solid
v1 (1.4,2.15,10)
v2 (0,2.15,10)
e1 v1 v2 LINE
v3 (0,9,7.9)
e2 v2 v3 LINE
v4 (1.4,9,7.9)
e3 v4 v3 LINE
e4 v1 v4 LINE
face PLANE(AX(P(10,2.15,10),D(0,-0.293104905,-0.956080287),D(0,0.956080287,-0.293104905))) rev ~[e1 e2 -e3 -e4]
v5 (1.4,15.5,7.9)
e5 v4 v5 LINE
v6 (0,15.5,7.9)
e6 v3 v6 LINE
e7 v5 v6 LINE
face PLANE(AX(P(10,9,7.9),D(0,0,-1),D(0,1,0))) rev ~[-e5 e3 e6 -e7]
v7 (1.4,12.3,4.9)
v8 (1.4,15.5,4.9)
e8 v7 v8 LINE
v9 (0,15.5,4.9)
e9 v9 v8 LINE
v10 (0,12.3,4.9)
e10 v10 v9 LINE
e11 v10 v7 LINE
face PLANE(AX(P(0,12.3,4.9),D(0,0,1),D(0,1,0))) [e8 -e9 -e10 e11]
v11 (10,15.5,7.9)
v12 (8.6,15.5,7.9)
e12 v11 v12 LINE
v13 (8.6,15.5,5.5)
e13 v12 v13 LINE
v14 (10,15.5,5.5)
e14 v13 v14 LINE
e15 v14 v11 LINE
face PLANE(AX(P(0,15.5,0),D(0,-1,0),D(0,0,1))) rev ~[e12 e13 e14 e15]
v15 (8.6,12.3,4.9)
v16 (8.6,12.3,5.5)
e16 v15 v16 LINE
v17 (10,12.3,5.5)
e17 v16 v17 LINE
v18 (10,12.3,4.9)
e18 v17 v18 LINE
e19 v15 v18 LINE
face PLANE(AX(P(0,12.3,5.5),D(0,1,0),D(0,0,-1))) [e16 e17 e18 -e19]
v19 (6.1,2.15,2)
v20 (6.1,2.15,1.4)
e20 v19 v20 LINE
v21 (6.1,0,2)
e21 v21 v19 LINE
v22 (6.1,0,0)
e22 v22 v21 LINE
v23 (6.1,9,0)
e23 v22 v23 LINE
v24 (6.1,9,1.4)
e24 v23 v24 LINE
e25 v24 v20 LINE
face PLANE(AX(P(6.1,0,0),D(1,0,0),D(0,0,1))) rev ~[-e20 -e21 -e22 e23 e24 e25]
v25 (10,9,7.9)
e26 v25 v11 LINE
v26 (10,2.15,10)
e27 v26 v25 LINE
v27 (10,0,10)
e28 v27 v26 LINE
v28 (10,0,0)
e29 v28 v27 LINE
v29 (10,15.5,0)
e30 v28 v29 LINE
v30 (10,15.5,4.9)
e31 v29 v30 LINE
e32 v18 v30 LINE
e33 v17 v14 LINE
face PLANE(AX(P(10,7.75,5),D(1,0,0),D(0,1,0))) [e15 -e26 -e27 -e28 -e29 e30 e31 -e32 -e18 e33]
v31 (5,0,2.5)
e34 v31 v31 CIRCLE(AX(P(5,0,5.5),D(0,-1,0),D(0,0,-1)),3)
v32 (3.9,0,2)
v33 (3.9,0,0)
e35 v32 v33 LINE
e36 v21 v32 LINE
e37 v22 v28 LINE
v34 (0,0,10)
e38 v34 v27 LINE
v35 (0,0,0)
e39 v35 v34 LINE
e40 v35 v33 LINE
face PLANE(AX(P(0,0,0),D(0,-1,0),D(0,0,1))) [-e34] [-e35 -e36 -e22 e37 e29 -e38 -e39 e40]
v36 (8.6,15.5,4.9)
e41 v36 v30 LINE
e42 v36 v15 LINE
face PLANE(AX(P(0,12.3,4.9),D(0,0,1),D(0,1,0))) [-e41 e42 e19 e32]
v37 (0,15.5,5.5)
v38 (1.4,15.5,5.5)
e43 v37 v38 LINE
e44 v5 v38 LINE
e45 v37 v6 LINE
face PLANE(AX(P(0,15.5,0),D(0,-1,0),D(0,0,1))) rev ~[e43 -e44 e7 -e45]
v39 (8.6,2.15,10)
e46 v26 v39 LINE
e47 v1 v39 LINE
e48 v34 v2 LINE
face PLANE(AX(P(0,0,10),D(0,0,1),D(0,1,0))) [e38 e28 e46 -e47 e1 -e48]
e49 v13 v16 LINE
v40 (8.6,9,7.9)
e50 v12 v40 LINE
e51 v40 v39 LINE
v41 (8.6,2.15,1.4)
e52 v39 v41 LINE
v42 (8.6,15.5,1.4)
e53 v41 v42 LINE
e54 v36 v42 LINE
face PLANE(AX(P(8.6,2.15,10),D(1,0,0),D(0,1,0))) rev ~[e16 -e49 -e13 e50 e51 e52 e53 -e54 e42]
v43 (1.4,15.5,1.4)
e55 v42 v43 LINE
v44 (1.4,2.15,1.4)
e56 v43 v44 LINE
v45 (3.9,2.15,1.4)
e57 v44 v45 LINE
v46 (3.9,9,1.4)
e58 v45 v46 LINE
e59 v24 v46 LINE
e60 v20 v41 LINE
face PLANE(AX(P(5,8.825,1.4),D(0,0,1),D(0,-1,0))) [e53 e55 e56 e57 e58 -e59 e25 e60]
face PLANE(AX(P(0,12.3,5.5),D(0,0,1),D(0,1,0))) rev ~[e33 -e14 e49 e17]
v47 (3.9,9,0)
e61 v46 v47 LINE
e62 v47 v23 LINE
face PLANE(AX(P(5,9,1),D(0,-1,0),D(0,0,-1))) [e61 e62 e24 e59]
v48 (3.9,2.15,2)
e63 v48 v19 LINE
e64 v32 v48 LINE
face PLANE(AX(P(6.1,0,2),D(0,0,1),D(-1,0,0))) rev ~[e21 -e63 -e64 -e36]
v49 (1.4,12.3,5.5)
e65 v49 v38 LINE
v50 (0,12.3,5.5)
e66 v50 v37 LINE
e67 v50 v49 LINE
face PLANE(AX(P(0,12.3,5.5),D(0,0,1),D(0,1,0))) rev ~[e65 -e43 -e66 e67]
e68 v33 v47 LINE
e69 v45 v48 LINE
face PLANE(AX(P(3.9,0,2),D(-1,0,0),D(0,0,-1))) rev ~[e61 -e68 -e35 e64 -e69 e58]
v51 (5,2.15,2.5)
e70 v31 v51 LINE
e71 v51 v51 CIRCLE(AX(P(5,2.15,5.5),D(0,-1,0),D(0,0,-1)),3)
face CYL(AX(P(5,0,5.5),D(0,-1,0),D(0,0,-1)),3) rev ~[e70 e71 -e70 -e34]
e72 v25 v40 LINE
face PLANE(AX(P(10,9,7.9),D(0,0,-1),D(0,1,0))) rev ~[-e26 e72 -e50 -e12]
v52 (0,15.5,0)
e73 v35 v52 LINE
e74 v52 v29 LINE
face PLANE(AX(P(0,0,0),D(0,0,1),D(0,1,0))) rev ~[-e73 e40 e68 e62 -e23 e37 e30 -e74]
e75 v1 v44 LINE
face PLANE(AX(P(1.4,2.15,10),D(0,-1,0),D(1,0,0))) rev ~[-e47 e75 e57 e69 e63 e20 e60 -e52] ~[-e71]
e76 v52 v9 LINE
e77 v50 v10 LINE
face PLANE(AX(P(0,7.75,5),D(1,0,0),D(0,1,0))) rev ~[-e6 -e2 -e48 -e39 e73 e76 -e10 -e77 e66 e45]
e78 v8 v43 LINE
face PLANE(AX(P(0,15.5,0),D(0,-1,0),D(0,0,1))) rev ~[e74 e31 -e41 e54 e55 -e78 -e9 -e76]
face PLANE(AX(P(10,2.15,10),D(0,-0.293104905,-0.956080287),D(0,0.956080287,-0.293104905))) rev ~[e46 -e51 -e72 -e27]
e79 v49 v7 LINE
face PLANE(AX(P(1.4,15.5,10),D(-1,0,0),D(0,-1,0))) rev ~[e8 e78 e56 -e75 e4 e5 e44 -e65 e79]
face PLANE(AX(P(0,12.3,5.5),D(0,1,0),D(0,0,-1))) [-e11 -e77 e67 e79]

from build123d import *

# Parameters (mm, degrees)
SKETCH_W        = 15.5
SKETCH_H        = 10
PAD_DEPTH       = 10
POCKET_DEPTH    = 9
POCKET001_DEPTH = 10
POCKET002_DEPTH = 8.6
SKETCH002_R     = 3
HOLE_DEPTH      = 25
SKETCH012_W     = 3.2
SKETCH012_H     = 0.6
POCKET004_DEPTH = 10


with BuildPart() as part:
    # Sketch → Pad (new body)
    with BuildSketch(Plane.YZ):
        with Locations((7.75, 5)):
            Rectangle(SKETCH_W, SKETCH_H)
    extrude(amount=PAD_DEPTH)

    # Sketch001 (on Face1 of Pad) → Pocket (cut)
    with BuildSketch(Plane(origin=(0, 0, 0), x_dir=(0, 0, -1), z_dir=(0, -1, 0))):
        Polygon((-2, 6.1), (-2, 3.9), (0, 3.9), (0, 5), (0, 6.1), align=None)
    extrude(amount=-POCKET_DEPTH, mode=Mode.SUBTRACT)

    # Sketch003 → Pocket001 (cut)
    with BuildSketch(Plane.YZ.offset(10)):
        Polygon((2.15, 10), (9, 7.9), (15.5, 7.9), (15.5, 10), align=None)
    extrude(amount=-POCKET001_DEPTH, mode=Mode.SUBTRACT)

    # Sketch004 (on Face4 of Pad) → Pocket002 (cut)
    with BuildSketch(Plane(origin=(0, 0, 10), x_dir=(0, -1, 0), z_dir=(0, 0, 1))):
        Polygon((-15.5, 8.6), (-15.5, 5), (-15.5, 1.4), (-2.15, 1.4), (-2.15, 8.6), align=None)
    extrude(amount=-POCKET002_DEPTH, mode=Mode.SUBTRACT)

    # Sketch002 (on Face1 of Pocket) → Hole (cut)
    with BuildSketch(Plane(origin=(0, 0, 0), x_dir=(0, 0, -1), z_dir=(0, -1, 0))):
        with Locations((-5.5, 5)):
            Circle(SKETCH002_R)
    extrude(amount=-HOLE_DEPTH, mode=Mode.SUBTRACT)

    # Sketch012 (on Face2 of Hole) → Pocket004 (cut)
    with BuildSketch(Plane(origin=(0, 0, 0), x_dir=(0, 1, 0), z_dir=(-1, 0, 0))):
        with Locations((13.9, -5.2)):
            Rectangle(SKETCH012_W, SKETCH012_H)
    extrude(amount=-POCKET004_DEPTH, mode=Mode.SUBTRACT)


solid = part.part
